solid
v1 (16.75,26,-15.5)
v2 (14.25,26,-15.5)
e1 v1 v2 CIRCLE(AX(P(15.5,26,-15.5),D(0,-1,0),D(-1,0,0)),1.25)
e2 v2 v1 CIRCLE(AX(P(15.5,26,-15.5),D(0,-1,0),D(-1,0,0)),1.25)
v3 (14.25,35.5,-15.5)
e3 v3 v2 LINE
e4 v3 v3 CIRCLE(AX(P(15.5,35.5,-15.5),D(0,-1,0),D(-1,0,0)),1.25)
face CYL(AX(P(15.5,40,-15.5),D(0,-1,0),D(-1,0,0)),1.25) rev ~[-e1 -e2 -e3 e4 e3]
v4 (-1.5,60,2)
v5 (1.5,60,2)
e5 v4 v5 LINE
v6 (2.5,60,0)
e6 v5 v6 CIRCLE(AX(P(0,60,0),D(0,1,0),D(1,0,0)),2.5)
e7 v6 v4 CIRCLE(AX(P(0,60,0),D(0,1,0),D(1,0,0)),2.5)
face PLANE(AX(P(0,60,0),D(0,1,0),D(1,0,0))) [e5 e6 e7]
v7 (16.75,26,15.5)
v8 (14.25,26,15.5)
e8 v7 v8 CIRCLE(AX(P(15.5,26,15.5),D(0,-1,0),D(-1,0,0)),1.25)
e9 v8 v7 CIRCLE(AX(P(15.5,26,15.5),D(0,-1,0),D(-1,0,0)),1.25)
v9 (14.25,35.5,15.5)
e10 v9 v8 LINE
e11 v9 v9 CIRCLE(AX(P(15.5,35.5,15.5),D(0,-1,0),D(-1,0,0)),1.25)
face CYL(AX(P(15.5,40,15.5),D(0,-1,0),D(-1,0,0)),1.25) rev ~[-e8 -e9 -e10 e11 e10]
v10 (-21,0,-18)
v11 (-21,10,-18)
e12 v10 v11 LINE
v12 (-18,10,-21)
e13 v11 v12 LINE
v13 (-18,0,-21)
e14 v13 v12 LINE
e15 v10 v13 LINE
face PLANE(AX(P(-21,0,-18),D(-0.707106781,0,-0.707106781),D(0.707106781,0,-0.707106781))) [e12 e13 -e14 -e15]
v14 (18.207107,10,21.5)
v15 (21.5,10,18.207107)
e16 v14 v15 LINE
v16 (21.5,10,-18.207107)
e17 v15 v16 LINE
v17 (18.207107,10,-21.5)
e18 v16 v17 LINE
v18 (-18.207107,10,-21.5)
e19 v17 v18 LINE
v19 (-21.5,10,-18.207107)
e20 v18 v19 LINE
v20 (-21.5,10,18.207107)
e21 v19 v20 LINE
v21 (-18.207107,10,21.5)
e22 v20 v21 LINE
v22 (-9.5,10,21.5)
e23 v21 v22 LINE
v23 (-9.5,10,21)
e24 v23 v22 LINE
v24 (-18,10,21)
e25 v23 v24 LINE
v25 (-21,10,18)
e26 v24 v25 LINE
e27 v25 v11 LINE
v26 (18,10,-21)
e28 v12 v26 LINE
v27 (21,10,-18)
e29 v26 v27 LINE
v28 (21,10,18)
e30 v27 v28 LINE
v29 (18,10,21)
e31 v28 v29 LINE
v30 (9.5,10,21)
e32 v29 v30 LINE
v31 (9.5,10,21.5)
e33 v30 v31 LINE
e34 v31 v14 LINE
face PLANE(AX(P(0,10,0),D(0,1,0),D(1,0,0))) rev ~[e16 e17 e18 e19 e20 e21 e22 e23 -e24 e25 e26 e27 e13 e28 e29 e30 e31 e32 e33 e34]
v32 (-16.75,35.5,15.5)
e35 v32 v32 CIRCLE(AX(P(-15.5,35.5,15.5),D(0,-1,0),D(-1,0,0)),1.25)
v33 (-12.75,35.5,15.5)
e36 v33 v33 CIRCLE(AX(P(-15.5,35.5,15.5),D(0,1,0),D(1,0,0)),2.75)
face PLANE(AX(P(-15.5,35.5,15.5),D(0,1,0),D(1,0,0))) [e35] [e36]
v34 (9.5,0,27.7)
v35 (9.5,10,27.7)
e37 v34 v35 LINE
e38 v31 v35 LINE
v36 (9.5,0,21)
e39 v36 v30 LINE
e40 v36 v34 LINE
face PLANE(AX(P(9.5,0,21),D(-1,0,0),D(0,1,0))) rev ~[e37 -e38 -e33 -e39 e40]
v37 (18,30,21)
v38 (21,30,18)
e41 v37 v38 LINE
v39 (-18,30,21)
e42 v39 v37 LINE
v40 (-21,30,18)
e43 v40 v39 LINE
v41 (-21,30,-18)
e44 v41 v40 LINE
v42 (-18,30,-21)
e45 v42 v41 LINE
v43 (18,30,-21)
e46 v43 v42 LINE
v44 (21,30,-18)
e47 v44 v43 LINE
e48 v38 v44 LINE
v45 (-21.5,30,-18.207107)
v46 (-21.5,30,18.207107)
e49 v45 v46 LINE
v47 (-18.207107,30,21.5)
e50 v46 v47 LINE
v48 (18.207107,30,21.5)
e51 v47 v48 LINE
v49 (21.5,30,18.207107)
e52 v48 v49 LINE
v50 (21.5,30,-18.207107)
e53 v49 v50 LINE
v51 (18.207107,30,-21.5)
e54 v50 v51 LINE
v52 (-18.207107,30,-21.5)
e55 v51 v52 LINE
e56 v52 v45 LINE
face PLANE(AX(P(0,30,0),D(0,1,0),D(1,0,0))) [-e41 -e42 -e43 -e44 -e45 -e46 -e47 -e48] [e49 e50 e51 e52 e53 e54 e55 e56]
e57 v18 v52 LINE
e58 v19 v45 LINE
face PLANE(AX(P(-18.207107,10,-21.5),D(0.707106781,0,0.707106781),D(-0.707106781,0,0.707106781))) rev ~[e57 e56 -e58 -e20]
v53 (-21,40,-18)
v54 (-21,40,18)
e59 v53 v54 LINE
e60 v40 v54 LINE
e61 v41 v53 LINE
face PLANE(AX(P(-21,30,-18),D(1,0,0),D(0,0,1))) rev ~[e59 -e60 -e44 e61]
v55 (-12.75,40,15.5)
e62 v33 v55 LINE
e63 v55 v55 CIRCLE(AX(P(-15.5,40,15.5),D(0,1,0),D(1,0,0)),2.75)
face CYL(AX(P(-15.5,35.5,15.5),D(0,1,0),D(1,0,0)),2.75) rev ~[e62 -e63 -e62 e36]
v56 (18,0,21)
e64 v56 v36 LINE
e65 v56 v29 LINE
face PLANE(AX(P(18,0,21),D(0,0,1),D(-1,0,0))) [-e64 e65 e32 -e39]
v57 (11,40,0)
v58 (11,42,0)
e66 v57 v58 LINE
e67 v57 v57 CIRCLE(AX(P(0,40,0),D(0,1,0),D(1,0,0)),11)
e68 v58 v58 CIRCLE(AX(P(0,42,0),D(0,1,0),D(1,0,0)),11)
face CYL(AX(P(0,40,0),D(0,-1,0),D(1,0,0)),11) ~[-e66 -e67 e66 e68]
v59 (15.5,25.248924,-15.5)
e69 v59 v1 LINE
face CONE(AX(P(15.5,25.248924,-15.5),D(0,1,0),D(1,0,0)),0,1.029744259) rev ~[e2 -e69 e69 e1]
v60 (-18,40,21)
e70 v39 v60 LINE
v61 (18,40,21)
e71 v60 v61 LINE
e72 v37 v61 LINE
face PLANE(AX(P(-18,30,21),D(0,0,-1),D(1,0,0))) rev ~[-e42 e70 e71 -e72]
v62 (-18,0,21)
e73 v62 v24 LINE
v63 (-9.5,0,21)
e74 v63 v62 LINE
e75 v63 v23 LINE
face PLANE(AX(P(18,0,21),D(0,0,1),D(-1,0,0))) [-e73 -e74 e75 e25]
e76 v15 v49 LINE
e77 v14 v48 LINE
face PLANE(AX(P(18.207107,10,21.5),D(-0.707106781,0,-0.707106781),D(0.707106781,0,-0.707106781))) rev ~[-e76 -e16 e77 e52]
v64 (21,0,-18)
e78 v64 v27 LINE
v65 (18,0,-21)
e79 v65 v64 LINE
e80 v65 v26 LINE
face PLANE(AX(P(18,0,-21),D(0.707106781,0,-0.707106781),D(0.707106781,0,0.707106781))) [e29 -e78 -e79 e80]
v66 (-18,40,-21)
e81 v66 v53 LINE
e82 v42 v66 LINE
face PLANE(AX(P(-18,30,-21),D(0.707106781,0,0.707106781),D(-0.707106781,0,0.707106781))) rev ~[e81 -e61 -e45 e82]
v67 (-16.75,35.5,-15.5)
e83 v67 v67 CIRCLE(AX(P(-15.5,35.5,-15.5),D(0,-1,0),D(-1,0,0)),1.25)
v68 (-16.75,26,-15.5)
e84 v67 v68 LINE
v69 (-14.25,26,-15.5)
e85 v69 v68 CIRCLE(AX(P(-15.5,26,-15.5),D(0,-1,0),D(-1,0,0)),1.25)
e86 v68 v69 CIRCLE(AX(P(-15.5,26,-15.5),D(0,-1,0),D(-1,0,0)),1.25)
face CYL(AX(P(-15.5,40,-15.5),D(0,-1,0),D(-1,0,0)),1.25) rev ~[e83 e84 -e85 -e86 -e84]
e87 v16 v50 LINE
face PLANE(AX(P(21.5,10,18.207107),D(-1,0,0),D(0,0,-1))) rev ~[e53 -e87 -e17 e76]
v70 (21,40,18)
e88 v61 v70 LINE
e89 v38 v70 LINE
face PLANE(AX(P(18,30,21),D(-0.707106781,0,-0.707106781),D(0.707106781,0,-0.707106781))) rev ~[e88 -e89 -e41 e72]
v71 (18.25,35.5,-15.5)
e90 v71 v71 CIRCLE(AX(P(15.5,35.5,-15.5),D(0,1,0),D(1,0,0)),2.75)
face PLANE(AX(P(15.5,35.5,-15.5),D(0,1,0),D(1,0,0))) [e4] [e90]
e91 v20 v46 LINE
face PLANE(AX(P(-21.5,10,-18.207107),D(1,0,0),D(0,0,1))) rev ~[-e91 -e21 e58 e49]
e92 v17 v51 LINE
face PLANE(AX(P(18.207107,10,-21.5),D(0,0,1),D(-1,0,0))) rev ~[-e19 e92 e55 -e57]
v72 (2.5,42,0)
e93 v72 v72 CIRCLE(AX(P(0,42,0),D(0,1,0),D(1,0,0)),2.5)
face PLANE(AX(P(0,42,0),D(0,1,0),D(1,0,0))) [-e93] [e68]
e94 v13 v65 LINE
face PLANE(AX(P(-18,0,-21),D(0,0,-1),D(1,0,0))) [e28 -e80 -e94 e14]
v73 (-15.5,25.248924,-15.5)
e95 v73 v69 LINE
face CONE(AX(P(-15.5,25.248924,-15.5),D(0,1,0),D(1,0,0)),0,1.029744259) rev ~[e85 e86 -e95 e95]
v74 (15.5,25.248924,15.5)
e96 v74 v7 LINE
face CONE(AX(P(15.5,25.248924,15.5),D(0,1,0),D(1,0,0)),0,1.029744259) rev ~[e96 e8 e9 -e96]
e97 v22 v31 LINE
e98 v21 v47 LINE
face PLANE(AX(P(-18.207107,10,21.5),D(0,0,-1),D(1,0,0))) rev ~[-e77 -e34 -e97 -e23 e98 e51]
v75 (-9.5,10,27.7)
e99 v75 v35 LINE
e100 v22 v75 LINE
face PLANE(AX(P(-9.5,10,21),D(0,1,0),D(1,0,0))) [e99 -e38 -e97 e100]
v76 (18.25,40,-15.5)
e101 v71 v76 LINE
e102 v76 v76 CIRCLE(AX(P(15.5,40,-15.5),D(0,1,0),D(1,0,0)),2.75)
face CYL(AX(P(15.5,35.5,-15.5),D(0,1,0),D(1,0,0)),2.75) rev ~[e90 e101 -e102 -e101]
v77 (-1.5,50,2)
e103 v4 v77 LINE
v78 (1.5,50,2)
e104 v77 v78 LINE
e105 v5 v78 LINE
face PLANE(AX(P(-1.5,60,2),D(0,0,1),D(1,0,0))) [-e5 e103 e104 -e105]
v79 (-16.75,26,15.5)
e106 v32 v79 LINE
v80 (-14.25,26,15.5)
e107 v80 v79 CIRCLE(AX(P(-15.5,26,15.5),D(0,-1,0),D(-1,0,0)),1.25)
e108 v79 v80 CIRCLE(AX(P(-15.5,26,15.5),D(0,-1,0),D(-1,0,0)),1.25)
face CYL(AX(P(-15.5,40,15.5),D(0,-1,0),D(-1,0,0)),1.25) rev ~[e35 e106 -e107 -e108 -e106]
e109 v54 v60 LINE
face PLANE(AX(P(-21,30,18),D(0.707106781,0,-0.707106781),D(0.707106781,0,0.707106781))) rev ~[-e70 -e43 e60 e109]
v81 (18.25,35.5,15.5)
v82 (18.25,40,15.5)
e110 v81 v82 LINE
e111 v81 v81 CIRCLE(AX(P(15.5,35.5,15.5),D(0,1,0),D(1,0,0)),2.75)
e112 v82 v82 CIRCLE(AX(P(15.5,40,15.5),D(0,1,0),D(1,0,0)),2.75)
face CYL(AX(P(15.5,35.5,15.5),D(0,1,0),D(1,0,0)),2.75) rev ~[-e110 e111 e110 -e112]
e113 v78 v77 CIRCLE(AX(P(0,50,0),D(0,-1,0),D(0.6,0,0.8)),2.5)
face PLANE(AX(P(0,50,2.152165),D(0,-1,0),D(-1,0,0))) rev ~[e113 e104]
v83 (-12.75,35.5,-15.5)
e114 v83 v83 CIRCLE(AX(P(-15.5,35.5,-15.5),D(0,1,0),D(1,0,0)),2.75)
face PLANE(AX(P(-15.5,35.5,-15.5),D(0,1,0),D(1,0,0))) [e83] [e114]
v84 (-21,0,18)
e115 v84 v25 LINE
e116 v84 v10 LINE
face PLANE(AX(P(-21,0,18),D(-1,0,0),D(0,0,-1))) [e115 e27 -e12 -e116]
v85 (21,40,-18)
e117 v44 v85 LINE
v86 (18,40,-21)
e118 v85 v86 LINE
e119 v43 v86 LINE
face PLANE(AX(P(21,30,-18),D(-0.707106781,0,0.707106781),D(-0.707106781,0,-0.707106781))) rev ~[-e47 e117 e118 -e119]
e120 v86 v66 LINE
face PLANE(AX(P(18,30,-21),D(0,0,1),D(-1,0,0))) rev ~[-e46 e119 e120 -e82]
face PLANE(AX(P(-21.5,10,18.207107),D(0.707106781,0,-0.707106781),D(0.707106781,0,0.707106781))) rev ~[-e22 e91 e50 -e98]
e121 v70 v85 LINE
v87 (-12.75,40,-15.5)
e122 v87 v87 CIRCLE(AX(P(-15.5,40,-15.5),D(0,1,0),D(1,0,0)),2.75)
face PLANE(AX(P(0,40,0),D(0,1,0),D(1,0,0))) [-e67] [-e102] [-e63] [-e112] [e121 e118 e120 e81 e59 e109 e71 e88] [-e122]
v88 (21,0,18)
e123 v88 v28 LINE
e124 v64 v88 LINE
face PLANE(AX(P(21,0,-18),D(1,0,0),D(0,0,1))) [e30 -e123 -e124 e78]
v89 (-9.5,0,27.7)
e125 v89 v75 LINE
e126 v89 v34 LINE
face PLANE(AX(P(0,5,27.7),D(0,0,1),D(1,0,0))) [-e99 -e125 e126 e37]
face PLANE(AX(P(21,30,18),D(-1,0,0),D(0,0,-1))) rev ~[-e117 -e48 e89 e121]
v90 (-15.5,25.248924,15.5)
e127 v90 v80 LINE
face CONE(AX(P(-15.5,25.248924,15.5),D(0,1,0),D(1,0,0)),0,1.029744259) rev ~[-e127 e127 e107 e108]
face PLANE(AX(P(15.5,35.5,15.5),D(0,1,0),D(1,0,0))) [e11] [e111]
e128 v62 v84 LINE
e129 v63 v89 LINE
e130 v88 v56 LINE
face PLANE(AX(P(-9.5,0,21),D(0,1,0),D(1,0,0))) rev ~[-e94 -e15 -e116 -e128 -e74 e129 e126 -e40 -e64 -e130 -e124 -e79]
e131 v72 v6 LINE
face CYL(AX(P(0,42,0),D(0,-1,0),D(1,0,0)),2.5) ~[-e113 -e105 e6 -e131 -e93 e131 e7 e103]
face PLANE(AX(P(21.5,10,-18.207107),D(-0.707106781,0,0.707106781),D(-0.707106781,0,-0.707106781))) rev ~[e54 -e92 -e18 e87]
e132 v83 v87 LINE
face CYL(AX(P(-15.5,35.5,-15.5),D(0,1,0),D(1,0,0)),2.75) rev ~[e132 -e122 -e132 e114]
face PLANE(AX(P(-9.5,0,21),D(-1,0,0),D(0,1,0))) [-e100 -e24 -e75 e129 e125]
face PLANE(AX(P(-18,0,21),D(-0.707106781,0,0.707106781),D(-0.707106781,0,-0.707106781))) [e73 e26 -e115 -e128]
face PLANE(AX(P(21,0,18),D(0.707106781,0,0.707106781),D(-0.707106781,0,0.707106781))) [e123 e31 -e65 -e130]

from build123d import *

# Parameters (mm, degrees)
EXTRUDE_1_DEPTH              = 10
EXTRUDE_3_DEPTH              = 20
EXTRUDE_4_DEPTH              = 10
SKETCH_4_R                   = 11
EXTRUDE_5_DEPTH              = 2
SKETCH_5_R                   = 2.5
EXTRUDE_6_DEPTH              = 18
SKETCH_6_W                   = 19
SKETCH_6_H                   = 10
EXTRUDE_7_DEPTH              = 6.7
CUT_EXTRUDE_1_DEPTH          = 10
HOLE_WIZARD_M3_1_D           = 2.5
HOLE_WIZARD_M3_1_DEPTH       = 14
HOLE_WIZARD_M3_1_CBORE_D     = 5.5
HOLE_WIZARD_M3_1_CBORE_DEPTH = 4.5
HOLE_WIZARD_M3_1_TIP         = 0.751075774


with BuildPart() as part:
    # 草图1 → 凸台-拉伸1 (new body)
    with BuildSketch(Plane(origin=(0, 0, 0), x_dir=(1, 0, 0), z_dir=(0, 1, 0))):
        Polygon((-21, 18), (-18, 21), (18, 21), (21, 18), (21, -18), (18, -21), (-18, -21), (-21, -18), align=None)
    extrude(amount=EXTRUDE_1_DEPTH)

    # 草图2 → 凸台-拉伸3 (add)
    with BuildSketch(Plane(origin=(0, 10, 0), x_dir=(1, 0, 0), z_dir=(0, 1, 0))):
        Polygon((21.5, 18.207106781), (18.207106781, 21.5), (-18.207106781, 21.5), (-21.5, 18.207106781), (-21.5, -18.207106781), (-18.207106781, -21.5), (18.207106781, -21.5), (21.5, -18.207106781), align=None)
    extrude(amount=EXTRUDE_3_DEPTH)

    # 草图3 → 凸台-拉伸4 (add)
    with BuildSketch(Plane(origin=(0, 30, 0), x_dir=(1, 0, 0), z_dir=(0, 1, 0))):
        Polygon((21, -18), (21, 18), (18, 21), (-18, 21), (-21, 18), (-21, -18), (-18, -21), (18, -21), align=None)
    extrude(amount=EXTRUDE_4_DEPTH)

    # 草图4 → 凸台-拉伸5 (add)
    with BuildSketch(Plane(origin=(0, 40, 0), x_dir=(1, 0, 0), z_dir=(0, 1, 0))):
        Circle(SKETCH_4_R)
    extrude(amount=EXTRUDE_5_DEPTH)

    # 草图5 → 凸台-拉伸6 (add)
    with BuildSketch(Plane(origin=(0, 42, 0), x_dir=(1, 0, 0), z_dir=(0, 1, 0))):
        Circle(SKETCH_5_R)
    extrude(amount=EXTRUDE_6_DEPTH)

    # 草图6 → 凸台-拉伸7 (add)
    with BuildSketch(Plane.XY.offset(21)):
        with Locations((0, 5)):
            Rectangle(SKETCH_6_W, SKETCH_6_H)
    extrude(amount=EXTRUDE_7_DEPTH)

    # 草图7 → 切除-拉伸1 (cut)
    with BuildSketch(Plane(origin=(0, 60, 0), x_dir=(1, 0, 0), z_dir=(0, 1, 0))):
        with BuildLine():
            Line((-1.5, -2), (1.5, -2))
            ThreePointArc((1.5, -2), (0, -2.5), (-1.5, -2))
        make_face()
    extrude(amount=-CUT_EXTRUDE_1_DEPTH, mode=Mode.SUBTRACT)

    # M3 六角头机械螺钉的柱形沉头孔1
    with Locations(Plane(origin=(0, 40, 0), x_dir=(1, 0, 0), z_dir=(0, 1, 0))):
        with Locations((-15.5, 15.5), (15.5, 15.5), (-15.5, -15.5), (15.5, -15.5)):
            CounterBoreHole(HOLE_WIZARD_M3_1_D / 2, HOLE_WIZARD_M3_1_CBORE_D / 2, HOLE_WIZARD_M3_1_CBORE_DEPTH, depth=HOLE_WIZARD_M3_1_DEPTH)
            with Locations((0, 0, -(HOLE_WIZARD_M3_1_DEPTH + HOLE_WIZARD_M3_1_TIP / 2))):  # 118° drill point
                Cone(0, HOLE_WIZARD_M3_1_D / 2, HOLE_WIZARD_M3_1_TIP, mode=Mode.SUBTRACT)


solid = part.part
